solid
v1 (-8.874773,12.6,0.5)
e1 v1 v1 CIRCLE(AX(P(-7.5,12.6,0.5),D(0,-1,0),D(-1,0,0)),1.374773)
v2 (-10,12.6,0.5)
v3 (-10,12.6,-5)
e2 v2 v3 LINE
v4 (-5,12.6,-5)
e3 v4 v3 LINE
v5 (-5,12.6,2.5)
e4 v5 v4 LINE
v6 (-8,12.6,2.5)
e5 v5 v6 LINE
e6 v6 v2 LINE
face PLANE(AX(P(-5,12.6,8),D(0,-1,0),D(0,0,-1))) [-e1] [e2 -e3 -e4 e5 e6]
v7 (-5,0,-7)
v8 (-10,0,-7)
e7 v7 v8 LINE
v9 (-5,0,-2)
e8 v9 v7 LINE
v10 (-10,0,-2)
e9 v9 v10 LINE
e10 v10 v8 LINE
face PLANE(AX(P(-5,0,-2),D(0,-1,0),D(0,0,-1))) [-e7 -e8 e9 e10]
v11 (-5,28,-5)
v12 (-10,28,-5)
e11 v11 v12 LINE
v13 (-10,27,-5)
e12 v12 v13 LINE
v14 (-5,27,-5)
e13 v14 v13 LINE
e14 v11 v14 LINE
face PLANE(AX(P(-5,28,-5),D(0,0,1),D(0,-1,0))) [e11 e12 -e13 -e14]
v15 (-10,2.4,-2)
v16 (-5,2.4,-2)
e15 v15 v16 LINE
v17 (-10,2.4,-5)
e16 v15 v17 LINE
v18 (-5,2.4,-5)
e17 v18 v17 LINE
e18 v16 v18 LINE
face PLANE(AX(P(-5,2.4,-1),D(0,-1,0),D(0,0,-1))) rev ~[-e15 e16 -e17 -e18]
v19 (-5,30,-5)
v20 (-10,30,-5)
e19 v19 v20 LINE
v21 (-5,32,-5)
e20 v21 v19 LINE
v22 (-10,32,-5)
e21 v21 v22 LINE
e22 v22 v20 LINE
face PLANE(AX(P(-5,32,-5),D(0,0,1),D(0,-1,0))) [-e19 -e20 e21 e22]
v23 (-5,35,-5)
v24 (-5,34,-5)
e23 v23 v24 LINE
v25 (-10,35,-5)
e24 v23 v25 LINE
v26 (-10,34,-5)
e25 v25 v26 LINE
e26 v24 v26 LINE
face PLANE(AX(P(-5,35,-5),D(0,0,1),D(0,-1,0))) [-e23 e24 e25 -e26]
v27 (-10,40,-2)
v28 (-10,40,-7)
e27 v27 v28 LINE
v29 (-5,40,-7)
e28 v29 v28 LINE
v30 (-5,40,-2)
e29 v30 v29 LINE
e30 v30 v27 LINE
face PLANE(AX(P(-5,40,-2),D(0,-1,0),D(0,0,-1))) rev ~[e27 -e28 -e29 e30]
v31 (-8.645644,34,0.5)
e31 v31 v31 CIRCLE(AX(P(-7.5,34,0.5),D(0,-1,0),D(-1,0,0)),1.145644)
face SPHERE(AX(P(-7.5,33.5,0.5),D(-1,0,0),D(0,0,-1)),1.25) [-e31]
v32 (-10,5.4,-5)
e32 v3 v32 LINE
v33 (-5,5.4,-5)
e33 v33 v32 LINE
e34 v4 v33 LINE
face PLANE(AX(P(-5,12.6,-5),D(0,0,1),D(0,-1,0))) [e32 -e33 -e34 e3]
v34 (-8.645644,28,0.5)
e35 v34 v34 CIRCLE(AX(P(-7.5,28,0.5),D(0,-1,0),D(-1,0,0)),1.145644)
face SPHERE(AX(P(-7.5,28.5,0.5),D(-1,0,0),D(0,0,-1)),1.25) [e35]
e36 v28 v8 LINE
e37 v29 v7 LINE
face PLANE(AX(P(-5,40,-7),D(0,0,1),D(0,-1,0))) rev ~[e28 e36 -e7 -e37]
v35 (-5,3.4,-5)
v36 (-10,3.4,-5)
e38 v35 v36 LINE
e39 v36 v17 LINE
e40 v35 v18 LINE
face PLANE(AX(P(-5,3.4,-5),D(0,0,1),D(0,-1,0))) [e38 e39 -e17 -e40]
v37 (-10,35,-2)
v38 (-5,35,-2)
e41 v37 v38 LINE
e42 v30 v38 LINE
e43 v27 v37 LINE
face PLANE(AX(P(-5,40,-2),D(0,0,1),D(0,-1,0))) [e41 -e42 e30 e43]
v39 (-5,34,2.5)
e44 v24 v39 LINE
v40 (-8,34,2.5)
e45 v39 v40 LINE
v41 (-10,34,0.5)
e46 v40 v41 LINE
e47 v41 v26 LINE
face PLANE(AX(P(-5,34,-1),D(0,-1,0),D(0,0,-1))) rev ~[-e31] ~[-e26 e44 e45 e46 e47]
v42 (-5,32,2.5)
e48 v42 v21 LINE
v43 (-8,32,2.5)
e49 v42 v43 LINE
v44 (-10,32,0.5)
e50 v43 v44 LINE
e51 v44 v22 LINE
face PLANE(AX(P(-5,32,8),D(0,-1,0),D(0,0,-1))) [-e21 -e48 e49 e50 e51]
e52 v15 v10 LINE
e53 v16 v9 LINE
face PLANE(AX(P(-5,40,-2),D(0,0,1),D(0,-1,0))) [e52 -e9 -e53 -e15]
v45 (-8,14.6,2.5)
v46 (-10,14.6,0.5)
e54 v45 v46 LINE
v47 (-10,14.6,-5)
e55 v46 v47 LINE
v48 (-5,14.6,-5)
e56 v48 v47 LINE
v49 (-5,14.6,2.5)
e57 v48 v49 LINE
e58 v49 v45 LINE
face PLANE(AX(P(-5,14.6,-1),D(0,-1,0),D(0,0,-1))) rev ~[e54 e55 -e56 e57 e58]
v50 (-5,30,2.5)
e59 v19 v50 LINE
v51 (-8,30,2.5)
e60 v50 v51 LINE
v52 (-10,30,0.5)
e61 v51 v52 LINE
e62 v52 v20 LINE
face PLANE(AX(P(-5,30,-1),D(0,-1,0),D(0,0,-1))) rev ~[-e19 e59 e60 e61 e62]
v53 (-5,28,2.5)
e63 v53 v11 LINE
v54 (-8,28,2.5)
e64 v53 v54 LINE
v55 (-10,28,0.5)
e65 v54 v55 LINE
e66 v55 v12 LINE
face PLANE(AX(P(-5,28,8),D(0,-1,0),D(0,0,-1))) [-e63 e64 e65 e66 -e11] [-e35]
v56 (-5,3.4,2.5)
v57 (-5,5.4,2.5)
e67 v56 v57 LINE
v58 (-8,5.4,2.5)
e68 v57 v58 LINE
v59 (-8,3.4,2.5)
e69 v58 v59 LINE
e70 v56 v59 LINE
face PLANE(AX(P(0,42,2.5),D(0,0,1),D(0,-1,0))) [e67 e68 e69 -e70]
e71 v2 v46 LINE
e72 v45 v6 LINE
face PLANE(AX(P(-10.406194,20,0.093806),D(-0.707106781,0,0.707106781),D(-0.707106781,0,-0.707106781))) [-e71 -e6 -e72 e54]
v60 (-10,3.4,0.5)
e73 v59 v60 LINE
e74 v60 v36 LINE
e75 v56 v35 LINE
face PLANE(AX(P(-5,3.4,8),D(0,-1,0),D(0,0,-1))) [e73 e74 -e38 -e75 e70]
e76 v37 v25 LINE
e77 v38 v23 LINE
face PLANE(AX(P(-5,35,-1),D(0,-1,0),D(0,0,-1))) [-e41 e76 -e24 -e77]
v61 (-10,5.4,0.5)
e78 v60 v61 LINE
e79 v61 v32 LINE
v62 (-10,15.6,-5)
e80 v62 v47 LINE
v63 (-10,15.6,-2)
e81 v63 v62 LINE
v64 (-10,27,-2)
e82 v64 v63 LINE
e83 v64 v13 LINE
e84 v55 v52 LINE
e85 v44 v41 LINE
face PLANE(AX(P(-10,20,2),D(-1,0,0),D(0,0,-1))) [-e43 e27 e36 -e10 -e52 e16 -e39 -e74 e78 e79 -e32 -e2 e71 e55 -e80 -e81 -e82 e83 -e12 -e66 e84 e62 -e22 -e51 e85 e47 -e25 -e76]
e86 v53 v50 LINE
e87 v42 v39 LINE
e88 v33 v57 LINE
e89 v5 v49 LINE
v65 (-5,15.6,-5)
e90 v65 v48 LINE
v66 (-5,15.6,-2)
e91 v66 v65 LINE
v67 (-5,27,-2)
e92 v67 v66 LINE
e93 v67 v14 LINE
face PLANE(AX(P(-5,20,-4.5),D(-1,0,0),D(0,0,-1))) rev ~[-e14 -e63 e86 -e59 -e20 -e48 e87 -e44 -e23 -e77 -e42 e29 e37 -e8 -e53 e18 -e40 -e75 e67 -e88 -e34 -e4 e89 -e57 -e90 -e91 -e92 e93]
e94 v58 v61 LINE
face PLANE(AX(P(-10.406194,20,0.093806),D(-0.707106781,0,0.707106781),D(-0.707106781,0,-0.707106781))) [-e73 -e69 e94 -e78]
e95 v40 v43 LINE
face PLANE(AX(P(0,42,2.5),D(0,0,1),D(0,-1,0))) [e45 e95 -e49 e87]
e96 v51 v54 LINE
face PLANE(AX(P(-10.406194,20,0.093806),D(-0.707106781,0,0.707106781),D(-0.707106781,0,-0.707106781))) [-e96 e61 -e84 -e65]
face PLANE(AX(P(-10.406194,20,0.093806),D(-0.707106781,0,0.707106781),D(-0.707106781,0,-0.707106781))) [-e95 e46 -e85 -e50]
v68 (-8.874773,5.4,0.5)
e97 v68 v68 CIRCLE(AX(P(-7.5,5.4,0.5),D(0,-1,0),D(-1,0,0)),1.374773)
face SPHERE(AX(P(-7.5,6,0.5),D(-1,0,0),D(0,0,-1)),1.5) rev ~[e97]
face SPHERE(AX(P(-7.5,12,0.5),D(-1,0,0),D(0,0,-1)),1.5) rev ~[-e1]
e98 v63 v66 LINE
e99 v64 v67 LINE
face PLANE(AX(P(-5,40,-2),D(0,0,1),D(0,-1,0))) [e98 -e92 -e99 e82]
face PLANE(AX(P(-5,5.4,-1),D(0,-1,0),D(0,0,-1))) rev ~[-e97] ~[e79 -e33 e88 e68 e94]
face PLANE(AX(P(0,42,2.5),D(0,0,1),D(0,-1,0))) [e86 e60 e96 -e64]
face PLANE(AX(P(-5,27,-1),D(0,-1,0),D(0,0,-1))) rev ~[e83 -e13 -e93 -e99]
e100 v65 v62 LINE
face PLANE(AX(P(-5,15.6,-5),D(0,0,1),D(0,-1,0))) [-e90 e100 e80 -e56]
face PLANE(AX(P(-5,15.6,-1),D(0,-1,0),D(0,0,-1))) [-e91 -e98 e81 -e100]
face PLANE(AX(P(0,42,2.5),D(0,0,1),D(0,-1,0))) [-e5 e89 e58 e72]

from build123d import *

# Parameters (mm, degrees)
BOX155_W               = 13
BOX155_H               = 40
BOX155_DEPTH           = 10
BOX155_PITCH_ANGLE     = -45
BOX163_W               = 12
BOX163_H               = 44
BOX163_DEPTH           = 10
BOX162_W               = 20
BOX162_H               = 44
BOX162_DEPTH           = 10
BOX158_W               = 4
BOX158_H               = 1
BOX158_DEPTH           = 7
BOX160_W               = 4
BOX160_H               = 1
BOX160_DEPTH           = 7
BOX157_W               = 4
BOX157_H               = 2
BOX157_DEPTH           = 7
BOX159_W               = 4
BOX159_H               = 1
BOX159_DEPTH           = 7
BOX156_W               = 4
BOX156_H               = 1
BOX156_DEPTH           = 7
BOX161_W               = 4
BOX161_H               = 7.2
BOX161_DEPTH           = 7
BOX151_W               = 10
BOX151_H               = 2
BOX151_DEPTH           = 7
BOX152_W               = 10
BOX152_H               = 2
BOX152_DEPTH           = 7
BOX153_W               = 10
BOX153_H               = 2
BOX153_DEPTH           = 7
BOX154_W               = 10
BOX154_H               = 2
BOX154_DEPTH           = 7
BOX150_W               = 5
BOX150_H               = 40
BOX150_DEPTH           = 7
CUT064_PITCH_ANGLE     = 90
CUT064_PLACEMENT_ANGLE = -180


with BuildPart() as chamfer_cube001:
    # Box155 → Box155 (new body)
    with BuildSketch(Plane.XY):
        with Locations((6.5, 20)):
            Rectangle(BOX155_W, BOX155_H)
    extrude(amount=BOX155_DEPTH)


with BuildPart() as chamfer_cube001_1:
    # Box155 pitch: moved
    add(chamfer_cube001.part.rotate(Axis((0, 0, 0), (0, 1, 0)), BOX155_PITCH_ANGLE))


with BuildPart() as chamfer_cube001_2:
    # Box155 placement: moved
    add(chamfer_cube001_1.part.moved(Location((-11.69, 0, -1.19))))


with BuildPart() as re_level_edge_clip_block003:
    # Box163 → Box163 (new body)
    with BuildSketch(Plane(origin=(-21.5, -2, -7), x_dir=(1, 0, 0), z_dir=(0, 0, 1))):
        with Locations((6, 22)):
            Rectangle(BOX163_W, BOX163_H)
    extrude(amount=BOX163_DEPTH)


with BuildPart() as re_level_edge_clip_block002:
    # Box162 → Box162 (new body)
    with BuildSketch(Plane(origin=(-19, -2, 3), x_dir=(1, 0, 0), z_dir=(0, 0, 1))):
        with Locations((10, 22)):
            Rectangle(BOX162_W, BOX162_H)
    extrude(amount=BOX162_DEPTH)


with BuildPart() as cube140:
    # Box158 → Box158 (new body)
    with BuildSketch(Plane(origin=(-6, 12, -2), x_dir=(1, 0, 0), z_dir=(0, 0, 1))):
        with Locations((2, 0.5)):
            Rectangle(BOX158_W, BOX158_H)
    extrude(amount=BOX158_DEPTH)


with BuildPart() as cube142:
    # Box160 → Box160 (new body)
    with BuildSketch(Plane(origin=(-6, 36.6, -2), x_dir=(1, 0, 0), z_dir=(0, 0, 1))):
        with Locations((2, 0.5)):
            Rectangle(BOX160_W, BOX160_H)
    extrude(amount=BOX160_DEPTH)


with BuildPart() as cube139:
    # Box157 → Box157 (new body)
    with BuildSketch(Plane(origin=(-6, 8, -2), x_dir=(1, 0, 0), z_dir=(0, 0, 1))):
        with Locations((2, 1)):
            Rectangle(BOX157_W, BOX157_H)
    extrude(amount=BOX157_DEPTH)


with BuildPart() as cube141:
    # Box159 → Box159 (new body)
    with BuildSketch(Plane(origin=(-6, 24.4, -2), x_dir=(1, 0, 0), z_dir=(0, 0, 1))):
        with Locations((2, 0.5)):
            Rectangle(BOX159_W, BOX159_H)
    extrude(amount=BOX159_DEPTH)


with BuildPart() as cube138:
    # Box156 → Box156 (new body)
    with BuildSketch(Plane(origin=(-6, 5, -2), x_dir=(1, 0, 0), z_dir=(0, 0, 1))):
        with Locations((2, 0.5)):
            Rectangle(BOX156_W, BOX156_H)
    extrude(amount=BOX156_DEPTH)


with BuildPart() as extra_holes_for_clips001:
    # Box161 → Box161 (new body)
    with BuildSketch(Plane(origin=(-6, 27.4, -2), x_dir=(1, 0, 0), z_dir=(0, 0, 1))):
        with Locations((2, 3.6)):
            Rectangle(BOX161_W, BOX161_H)
    extrude(amount=BOX161_DEPTH)

    # Fusion056: union Cube140, Cube142, Cube139, Cube141, Cube138
    add(cube140.part)
    add(cube142.part)
    add(cube139.part)
    add(cube141.part)
    add(cube138.part)


with BuildPart() as sphere054:
    # Sphere054 → Sphere054 (revolve)
    with BuildSketch(Plane(origin=(-7.5, 34, 0.5), x_dir=(1, 0, 0), z_dir=(0, -1, 0))):
        with BuildLine():
            ThreePointArc((0, -1.5), (1.5, 0), (0, 1.5))
            Line((0, 1.5), (0, -1.5))
        make_face()
    revolve(axis=Axis((-7.5, 34, 0.5), (0, 0, 1)))


with BuildPart() as holes001:
    # Sphere053 → Sphere053 (revolve)
    with BuildSketch(Plane(origin=(-7.5, 28, 0.5), x_dir=(1, 0, 0), z_dir=(0, -1, 0))):
        with BuildLine():
            ThreePointArc((0, -1.5), (1.5, 0), (0, 1.5))
            Line((0, 1.5), (0, -1.5))
        make_face()
    revolve(axis=Axis((-7.5, 28, 0.5), (0, 0, 1)))

    # Fusion058: union Sphere054
    add(sphere054.part)


with BuildPart() as cube134:
    # Box151 → Box151 (new body)
    with BuildSketch(Plane(origin=(-15, 6, -2), x_dir=(1, 0, 0), z_dir=(0, 0, 1))):
        with Locations((5, 1)):
            Rectangle(BOX151_W, BOX151_H)
    extrude(amount=BOX151_DEPTH)


with BuildPart() as cube135:
    # Box152 → Box152 (new body)
    with BuildSketch(Plane(origin=(-15, 10, -2), x_dir=(1, 0, 0), z_dir=(0, 0, 1))):
        with Locations((5, 1)):
            Rectangle(BOX152_W, BOX152_H)
    extrude(amount=BOX152_DEPTH)


with BuildPart() as cube136:
    # Box153 → Box153 (new body)
    with BuildSketch(Plane(origin=(-15, 25.4, -2), x_dir=(1, 0, 0), z_dir=(0, 0, 1))):
        with Locations((5, 1)):
            Rectangle(BOX153_W, BOX153_H)
    extrude(amount=BOX153_DEPTH)


with BuildPart() as cube137:
    # Box154 → Box154 (new body)
    with BuildSketch(Plane(origin=(-15, 34.6, -2), x_dir=(1, 0, 0), z_dir=(0, 0, 1))):
        with Locations((5, 1)):
            Rectangle(BOX154_W, BOX154_H)
    extrude(amount=BOX154_DEPTH)


with BuildPart() as fusion059:
    # Box150 → Box150 (new body)
    with BuildSketch(Plane(origin=(-5, 0, -2), x_dir=(1, 0, 0), z_dir=(0, 0, 1))):
        with Locations((2.5, 20)):
            Rectangle(BOX150_W, BOX150_H)
    extrude(amount=BOX150_DEPTH)

    # Fusion059: union Cube134, Cube135, Cube136, Cube137
    add(cube134.part)
    add(cube135.part)
    add(cube136.part)
    add(cube137.part)


with BuildPart() as sphere052:
    # Sphere052 → Sphere052 (revolve)
    with BuildSketch(Plane(origin=(-7.5, 11.5, 0.5), x_dir=(1, 0, 0), z_dir=(0, -1, 0))):
        with BuildLine():
            ThreePointArc((0, -1.25), (1.25, 0), (0, 1.25))
            Line((0, 1.25), (0, -1.25))
        make_face()
    revolve(axis=Axis((-7.5, 11.5, 0.5), (0, 0, 1)))


with BuildPart() as copy_edge_clips:
    # Sphere051 → Sphere051 (revolve)
    with BuildSketch(Plane(origin=(-7.5, 6.5, 0.5), x_dir=(1, 0, 0), z_dir=(0, -1, 0))):
        with BuildLine():
            ThreePointArc((0, -1.25), (1.25, 0), (0, 1.25))
            Line((0, 1.25), (0, -1.25))
        make_face()
    revolve(axis=Axis((-7.5, 6.5, 0.5), (0, 0, 1)))

    # Fusion057: union Sphere052
    add(sphere052.part)

    # Fusion060: union Fusion059
    add(fusion059.part)

    # Cut060: cut Holes001
    add(holes001.part, mode=Mode.SUBTRACT)

    # Cut061: cut Extra Holes for Clips001
    add(extra_holes_for_clips001.part, mode=Mode.SUBTRACT)

    # Cut062: cut Re-level Edge Clip Block002
    add(re_level_edge_clip_block002.part, mode=Mode.SUBTRACT)

    # Cut063: cut Re-level Edge Clip Block003
    add(re_level_edge_clip_block003.part, mode=Mode.SUBTRACT)

    # Cut064: cut Chamfer Cube001
    add(chamfer_cube001_2.part, mode=Mode.SUBTRACT)


with BuildPart() as copy_edge_clips_1:
    # Cut064 pitch: moved
    add(copy_edge_clips.part.rotate(Axis((0, 0, 0), (0, 1, 0)), CUT064_PITCH_ANGLE))


with BuildPart() as copy_edge_clips_2:
    # Cut064 placement: moved
    add(copy_edge_clips_1.part.moved(Location((-7, 40, -7))).rotate(Axis((-7, 40, -7), (0, 0, 1)), CUT064_PLACEMENT_ANGLE))


solid = copy_edge_clips_2.part
